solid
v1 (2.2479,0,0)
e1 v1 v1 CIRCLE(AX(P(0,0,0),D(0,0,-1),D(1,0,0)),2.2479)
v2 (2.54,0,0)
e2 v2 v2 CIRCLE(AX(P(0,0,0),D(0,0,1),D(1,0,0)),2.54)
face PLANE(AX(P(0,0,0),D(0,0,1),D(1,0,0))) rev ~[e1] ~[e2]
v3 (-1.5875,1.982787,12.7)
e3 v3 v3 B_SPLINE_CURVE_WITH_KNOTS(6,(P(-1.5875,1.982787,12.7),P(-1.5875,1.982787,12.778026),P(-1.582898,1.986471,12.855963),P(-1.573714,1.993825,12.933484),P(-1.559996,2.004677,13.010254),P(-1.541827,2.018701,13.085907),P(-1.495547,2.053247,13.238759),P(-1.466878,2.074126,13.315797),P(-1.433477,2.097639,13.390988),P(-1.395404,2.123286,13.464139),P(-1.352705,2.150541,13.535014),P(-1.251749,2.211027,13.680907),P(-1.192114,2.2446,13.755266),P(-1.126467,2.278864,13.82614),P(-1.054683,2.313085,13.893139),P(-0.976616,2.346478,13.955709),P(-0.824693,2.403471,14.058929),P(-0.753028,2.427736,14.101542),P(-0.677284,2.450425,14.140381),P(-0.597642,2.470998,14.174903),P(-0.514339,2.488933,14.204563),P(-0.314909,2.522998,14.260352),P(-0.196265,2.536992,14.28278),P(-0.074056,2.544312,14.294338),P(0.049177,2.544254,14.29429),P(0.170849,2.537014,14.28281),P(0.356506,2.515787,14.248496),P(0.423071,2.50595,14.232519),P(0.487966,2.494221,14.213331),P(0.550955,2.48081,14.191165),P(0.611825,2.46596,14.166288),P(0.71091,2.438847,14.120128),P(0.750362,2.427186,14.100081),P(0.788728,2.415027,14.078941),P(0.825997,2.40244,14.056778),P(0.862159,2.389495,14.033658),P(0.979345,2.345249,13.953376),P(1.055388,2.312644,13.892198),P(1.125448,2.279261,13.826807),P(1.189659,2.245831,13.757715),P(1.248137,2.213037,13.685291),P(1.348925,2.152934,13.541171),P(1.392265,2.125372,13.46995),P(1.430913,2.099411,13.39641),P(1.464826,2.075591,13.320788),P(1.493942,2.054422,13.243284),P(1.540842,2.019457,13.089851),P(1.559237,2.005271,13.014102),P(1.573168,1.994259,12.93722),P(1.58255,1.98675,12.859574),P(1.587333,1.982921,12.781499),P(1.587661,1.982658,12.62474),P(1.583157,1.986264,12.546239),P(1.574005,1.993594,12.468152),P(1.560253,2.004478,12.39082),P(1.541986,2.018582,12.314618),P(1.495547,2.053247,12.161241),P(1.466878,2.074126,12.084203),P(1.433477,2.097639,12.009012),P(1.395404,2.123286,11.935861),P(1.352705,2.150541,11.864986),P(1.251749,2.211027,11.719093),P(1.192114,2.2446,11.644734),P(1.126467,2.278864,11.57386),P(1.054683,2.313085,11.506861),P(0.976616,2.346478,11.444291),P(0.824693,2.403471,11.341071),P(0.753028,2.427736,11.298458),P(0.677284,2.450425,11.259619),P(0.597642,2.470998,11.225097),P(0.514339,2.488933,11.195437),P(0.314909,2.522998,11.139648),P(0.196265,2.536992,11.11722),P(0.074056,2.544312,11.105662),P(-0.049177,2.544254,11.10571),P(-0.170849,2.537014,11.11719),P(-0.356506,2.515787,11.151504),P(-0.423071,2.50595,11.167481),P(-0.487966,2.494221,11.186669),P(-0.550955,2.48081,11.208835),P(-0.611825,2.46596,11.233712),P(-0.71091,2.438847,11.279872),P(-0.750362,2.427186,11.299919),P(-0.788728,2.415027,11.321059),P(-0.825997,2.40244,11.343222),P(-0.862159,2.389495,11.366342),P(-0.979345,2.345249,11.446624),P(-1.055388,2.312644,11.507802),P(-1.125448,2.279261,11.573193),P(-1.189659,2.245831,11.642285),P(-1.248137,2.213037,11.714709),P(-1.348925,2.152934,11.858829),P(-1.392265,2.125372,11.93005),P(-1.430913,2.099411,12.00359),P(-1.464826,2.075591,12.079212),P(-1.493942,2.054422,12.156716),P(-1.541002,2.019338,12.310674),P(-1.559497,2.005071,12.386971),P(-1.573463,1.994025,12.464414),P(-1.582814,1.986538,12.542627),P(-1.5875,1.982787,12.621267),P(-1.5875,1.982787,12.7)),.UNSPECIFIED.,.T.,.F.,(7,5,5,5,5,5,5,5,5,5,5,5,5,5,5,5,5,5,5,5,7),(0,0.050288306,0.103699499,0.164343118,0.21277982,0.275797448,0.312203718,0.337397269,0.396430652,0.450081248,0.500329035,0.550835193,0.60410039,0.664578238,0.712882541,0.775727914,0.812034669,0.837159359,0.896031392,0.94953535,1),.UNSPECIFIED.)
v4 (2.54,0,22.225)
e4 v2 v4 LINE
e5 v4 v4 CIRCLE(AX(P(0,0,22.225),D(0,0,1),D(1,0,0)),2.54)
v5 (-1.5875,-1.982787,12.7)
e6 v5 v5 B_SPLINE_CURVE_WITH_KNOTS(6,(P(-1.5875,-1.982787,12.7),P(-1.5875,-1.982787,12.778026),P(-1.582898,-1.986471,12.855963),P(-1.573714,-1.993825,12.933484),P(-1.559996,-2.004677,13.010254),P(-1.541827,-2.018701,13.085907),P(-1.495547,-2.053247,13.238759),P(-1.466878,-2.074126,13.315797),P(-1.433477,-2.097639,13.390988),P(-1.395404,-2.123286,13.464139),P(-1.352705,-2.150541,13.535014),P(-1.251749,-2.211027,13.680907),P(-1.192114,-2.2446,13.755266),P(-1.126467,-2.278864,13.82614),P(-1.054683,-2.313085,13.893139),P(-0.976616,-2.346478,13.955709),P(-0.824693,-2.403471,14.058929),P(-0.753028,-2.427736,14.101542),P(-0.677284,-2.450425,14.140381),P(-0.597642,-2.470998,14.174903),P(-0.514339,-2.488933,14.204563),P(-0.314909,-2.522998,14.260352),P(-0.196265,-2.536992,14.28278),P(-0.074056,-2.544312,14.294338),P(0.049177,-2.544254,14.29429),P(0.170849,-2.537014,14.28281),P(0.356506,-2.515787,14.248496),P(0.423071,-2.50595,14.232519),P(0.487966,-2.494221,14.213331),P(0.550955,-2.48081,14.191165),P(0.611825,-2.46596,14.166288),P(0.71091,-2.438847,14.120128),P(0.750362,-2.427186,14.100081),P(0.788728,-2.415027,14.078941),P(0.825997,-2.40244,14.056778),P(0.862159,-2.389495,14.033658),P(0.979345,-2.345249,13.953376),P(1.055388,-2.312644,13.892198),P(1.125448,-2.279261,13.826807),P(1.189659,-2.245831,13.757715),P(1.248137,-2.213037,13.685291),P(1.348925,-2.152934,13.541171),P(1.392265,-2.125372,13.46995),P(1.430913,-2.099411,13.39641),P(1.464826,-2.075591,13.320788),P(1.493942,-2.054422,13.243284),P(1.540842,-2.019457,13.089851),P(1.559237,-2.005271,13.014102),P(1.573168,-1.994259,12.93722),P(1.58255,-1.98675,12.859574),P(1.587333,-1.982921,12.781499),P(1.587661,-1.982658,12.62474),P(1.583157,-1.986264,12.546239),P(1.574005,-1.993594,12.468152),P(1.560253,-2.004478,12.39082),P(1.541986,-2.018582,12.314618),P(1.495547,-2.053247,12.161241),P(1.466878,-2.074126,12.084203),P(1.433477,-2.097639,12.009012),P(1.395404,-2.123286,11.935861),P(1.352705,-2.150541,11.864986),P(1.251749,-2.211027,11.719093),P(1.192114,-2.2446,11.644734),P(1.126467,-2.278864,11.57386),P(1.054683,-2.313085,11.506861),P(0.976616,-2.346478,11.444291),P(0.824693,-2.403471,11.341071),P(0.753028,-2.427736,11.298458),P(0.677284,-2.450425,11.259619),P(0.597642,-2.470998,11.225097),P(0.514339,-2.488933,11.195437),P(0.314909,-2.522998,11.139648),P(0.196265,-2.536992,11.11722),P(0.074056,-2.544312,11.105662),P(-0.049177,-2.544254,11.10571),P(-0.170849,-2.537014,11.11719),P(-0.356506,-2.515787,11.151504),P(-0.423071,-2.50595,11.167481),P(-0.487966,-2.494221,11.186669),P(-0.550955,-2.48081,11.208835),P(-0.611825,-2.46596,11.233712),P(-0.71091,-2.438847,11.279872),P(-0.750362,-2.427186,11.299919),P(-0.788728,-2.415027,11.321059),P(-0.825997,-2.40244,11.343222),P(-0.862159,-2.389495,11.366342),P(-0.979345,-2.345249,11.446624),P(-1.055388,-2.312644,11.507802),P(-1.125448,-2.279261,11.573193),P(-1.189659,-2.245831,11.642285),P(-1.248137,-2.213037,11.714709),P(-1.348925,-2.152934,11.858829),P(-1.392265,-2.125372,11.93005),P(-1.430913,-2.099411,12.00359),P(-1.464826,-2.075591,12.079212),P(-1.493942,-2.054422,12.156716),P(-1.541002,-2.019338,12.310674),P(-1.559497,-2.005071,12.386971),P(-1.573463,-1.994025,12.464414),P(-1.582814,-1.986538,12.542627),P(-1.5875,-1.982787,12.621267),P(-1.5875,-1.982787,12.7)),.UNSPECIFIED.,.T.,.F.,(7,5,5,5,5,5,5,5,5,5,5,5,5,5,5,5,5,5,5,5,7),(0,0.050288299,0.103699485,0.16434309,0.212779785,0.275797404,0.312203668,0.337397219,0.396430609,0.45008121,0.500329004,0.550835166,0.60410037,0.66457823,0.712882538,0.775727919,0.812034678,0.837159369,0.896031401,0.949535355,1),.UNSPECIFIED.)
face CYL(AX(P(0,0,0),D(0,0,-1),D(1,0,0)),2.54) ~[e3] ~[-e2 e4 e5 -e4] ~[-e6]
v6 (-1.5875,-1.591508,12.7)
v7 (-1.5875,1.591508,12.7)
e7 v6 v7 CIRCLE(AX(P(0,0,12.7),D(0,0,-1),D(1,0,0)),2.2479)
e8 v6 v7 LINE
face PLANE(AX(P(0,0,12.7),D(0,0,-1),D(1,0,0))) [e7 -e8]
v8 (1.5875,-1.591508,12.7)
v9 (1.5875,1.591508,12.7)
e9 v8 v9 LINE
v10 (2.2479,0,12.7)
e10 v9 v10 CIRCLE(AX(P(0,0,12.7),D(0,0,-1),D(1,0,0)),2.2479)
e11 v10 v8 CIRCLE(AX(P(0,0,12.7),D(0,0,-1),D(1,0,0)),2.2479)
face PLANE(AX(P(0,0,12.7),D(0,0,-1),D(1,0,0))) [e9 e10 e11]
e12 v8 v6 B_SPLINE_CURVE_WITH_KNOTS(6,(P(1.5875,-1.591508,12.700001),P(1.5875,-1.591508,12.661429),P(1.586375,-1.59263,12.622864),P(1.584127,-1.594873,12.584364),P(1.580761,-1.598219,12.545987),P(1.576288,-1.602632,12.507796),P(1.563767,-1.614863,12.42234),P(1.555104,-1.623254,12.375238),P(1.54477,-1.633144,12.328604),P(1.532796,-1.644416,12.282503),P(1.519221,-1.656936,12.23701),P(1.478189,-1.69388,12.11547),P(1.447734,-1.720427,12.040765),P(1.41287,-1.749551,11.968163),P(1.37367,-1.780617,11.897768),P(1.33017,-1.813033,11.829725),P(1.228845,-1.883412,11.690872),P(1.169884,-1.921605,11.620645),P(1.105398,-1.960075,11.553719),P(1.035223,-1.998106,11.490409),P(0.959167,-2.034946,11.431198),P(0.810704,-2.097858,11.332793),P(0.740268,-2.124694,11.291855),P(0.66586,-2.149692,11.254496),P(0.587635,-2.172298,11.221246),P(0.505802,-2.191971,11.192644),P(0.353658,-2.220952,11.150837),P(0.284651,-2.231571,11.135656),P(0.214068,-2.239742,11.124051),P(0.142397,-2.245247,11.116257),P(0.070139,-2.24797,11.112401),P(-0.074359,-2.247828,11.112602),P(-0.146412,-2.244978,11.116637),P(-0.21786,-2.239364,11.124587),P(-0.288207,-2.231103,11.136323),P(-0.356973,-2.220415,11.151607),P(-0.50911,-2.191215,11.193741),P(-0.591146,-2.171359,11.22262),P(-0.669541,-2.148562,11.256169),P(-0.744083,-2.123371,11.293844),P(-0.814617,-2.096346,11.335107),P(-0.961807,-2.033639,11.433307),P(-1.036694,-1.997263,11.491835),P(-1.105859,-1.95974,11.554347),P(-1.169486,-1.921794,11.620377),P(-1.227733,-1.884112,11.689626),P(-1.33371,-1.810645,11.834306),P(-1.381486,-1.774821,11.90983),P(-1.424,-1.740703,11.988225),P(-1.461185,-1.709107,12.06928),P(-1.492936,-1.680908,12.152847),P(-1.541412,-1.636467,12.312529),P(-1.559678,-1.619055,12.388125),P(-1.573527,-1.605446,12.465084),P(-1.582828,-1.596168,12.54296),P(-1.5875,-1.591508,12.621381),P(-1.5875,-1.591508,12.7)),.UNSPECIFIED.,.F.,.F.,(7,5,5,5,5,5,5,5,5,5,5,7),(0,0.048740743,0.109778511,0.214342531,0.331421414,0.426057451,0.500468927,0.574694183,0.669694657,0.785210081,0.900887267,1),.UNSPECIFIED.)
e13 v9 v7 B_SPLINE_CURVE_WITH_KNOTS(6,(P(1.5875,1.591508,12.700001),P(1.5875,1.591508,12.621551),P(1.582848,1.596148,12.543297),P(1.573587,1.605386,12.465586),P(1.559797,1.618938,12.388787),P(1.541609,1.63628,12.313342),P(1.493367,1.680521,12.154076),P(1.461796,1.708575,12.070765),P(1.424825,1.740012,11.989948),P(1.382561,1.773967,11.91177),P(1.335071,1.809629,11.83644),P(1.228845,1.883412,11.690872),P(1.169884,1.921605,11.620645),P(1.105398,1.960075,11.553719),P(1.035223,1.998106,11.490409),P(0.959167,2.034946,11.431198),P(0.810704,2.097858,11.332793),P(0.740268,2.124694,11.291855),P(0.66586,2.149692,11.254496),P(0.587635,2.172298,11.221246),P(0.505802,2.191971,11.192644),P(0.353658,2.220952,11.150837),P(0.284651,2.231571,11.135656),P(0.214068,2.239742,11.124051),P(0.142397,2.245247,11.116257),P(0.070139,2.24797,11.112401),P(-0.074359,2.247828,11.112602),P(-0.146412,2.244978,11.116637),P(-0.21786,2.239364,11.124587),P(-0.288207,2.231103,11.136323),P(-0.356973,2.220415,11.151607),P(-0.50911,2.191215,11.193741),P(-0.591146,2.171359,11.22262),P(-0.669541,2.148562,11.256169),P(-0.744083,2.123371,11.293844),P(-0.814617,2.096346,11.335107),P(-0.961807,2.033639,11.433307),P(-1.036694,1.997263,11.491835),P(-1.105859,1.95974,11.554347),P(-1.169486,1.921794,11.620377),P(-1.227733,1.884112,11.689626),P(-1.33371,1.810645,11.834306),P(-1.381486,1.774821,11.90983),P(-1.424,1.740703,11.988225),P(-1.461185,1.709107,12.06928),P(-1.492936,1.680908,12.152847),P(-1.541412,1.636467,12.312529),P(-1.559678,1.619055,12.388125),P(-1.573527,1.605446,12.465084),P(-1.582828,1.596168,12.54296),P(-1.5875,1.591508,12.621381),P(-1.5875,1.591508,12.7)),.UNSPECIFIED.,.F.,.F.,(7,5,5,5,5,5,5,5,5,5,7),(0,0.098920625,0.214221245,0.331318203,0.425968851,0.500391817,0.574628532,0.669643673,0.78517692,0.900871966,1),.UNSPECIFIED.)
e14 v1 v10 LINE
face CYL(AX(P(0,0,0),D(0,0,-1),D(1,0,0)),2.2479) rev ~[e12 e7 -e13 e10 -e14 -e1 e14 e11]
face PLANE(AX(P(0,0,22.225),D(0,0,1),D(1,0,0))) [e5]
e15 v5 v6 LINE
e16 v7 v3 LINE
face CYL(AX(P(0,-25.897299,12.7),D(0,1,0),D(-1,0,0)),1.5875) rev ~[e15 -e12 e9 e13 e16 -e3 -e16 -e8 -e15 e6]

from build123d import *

# Parameters (mm, degrees)
F0_R     = 2.54
F1_DEPTH = 22.225
F5_D     = 3.175
F6_R     = 2.2479
F7_DEPTH = 12.7


with BuildPart() as f1:
    # F0 (on Top) → F1 (new body)
    with BuildSketch(Plane.XY):
        Circle(F0_R)
    extrude(amount=F1_DEPTH)

    # F5 (through all)
    with Locations(Plane.XZ.offset(2.54)):
        with Locations((0, 12.7)):
            Hole(F5_D / 2)

    # F6 (on face) → F7 (cut)
    with BuildSketch(Plane(origin=(0, 0, 0), x_dir=(1, 0, 0), z_dir=(0, 0, -1))):
        Circle(F6_R)
    extrude(amount=-F7_DEPTH, mode=Mode.SUBTRACT)


solid = f1.part
